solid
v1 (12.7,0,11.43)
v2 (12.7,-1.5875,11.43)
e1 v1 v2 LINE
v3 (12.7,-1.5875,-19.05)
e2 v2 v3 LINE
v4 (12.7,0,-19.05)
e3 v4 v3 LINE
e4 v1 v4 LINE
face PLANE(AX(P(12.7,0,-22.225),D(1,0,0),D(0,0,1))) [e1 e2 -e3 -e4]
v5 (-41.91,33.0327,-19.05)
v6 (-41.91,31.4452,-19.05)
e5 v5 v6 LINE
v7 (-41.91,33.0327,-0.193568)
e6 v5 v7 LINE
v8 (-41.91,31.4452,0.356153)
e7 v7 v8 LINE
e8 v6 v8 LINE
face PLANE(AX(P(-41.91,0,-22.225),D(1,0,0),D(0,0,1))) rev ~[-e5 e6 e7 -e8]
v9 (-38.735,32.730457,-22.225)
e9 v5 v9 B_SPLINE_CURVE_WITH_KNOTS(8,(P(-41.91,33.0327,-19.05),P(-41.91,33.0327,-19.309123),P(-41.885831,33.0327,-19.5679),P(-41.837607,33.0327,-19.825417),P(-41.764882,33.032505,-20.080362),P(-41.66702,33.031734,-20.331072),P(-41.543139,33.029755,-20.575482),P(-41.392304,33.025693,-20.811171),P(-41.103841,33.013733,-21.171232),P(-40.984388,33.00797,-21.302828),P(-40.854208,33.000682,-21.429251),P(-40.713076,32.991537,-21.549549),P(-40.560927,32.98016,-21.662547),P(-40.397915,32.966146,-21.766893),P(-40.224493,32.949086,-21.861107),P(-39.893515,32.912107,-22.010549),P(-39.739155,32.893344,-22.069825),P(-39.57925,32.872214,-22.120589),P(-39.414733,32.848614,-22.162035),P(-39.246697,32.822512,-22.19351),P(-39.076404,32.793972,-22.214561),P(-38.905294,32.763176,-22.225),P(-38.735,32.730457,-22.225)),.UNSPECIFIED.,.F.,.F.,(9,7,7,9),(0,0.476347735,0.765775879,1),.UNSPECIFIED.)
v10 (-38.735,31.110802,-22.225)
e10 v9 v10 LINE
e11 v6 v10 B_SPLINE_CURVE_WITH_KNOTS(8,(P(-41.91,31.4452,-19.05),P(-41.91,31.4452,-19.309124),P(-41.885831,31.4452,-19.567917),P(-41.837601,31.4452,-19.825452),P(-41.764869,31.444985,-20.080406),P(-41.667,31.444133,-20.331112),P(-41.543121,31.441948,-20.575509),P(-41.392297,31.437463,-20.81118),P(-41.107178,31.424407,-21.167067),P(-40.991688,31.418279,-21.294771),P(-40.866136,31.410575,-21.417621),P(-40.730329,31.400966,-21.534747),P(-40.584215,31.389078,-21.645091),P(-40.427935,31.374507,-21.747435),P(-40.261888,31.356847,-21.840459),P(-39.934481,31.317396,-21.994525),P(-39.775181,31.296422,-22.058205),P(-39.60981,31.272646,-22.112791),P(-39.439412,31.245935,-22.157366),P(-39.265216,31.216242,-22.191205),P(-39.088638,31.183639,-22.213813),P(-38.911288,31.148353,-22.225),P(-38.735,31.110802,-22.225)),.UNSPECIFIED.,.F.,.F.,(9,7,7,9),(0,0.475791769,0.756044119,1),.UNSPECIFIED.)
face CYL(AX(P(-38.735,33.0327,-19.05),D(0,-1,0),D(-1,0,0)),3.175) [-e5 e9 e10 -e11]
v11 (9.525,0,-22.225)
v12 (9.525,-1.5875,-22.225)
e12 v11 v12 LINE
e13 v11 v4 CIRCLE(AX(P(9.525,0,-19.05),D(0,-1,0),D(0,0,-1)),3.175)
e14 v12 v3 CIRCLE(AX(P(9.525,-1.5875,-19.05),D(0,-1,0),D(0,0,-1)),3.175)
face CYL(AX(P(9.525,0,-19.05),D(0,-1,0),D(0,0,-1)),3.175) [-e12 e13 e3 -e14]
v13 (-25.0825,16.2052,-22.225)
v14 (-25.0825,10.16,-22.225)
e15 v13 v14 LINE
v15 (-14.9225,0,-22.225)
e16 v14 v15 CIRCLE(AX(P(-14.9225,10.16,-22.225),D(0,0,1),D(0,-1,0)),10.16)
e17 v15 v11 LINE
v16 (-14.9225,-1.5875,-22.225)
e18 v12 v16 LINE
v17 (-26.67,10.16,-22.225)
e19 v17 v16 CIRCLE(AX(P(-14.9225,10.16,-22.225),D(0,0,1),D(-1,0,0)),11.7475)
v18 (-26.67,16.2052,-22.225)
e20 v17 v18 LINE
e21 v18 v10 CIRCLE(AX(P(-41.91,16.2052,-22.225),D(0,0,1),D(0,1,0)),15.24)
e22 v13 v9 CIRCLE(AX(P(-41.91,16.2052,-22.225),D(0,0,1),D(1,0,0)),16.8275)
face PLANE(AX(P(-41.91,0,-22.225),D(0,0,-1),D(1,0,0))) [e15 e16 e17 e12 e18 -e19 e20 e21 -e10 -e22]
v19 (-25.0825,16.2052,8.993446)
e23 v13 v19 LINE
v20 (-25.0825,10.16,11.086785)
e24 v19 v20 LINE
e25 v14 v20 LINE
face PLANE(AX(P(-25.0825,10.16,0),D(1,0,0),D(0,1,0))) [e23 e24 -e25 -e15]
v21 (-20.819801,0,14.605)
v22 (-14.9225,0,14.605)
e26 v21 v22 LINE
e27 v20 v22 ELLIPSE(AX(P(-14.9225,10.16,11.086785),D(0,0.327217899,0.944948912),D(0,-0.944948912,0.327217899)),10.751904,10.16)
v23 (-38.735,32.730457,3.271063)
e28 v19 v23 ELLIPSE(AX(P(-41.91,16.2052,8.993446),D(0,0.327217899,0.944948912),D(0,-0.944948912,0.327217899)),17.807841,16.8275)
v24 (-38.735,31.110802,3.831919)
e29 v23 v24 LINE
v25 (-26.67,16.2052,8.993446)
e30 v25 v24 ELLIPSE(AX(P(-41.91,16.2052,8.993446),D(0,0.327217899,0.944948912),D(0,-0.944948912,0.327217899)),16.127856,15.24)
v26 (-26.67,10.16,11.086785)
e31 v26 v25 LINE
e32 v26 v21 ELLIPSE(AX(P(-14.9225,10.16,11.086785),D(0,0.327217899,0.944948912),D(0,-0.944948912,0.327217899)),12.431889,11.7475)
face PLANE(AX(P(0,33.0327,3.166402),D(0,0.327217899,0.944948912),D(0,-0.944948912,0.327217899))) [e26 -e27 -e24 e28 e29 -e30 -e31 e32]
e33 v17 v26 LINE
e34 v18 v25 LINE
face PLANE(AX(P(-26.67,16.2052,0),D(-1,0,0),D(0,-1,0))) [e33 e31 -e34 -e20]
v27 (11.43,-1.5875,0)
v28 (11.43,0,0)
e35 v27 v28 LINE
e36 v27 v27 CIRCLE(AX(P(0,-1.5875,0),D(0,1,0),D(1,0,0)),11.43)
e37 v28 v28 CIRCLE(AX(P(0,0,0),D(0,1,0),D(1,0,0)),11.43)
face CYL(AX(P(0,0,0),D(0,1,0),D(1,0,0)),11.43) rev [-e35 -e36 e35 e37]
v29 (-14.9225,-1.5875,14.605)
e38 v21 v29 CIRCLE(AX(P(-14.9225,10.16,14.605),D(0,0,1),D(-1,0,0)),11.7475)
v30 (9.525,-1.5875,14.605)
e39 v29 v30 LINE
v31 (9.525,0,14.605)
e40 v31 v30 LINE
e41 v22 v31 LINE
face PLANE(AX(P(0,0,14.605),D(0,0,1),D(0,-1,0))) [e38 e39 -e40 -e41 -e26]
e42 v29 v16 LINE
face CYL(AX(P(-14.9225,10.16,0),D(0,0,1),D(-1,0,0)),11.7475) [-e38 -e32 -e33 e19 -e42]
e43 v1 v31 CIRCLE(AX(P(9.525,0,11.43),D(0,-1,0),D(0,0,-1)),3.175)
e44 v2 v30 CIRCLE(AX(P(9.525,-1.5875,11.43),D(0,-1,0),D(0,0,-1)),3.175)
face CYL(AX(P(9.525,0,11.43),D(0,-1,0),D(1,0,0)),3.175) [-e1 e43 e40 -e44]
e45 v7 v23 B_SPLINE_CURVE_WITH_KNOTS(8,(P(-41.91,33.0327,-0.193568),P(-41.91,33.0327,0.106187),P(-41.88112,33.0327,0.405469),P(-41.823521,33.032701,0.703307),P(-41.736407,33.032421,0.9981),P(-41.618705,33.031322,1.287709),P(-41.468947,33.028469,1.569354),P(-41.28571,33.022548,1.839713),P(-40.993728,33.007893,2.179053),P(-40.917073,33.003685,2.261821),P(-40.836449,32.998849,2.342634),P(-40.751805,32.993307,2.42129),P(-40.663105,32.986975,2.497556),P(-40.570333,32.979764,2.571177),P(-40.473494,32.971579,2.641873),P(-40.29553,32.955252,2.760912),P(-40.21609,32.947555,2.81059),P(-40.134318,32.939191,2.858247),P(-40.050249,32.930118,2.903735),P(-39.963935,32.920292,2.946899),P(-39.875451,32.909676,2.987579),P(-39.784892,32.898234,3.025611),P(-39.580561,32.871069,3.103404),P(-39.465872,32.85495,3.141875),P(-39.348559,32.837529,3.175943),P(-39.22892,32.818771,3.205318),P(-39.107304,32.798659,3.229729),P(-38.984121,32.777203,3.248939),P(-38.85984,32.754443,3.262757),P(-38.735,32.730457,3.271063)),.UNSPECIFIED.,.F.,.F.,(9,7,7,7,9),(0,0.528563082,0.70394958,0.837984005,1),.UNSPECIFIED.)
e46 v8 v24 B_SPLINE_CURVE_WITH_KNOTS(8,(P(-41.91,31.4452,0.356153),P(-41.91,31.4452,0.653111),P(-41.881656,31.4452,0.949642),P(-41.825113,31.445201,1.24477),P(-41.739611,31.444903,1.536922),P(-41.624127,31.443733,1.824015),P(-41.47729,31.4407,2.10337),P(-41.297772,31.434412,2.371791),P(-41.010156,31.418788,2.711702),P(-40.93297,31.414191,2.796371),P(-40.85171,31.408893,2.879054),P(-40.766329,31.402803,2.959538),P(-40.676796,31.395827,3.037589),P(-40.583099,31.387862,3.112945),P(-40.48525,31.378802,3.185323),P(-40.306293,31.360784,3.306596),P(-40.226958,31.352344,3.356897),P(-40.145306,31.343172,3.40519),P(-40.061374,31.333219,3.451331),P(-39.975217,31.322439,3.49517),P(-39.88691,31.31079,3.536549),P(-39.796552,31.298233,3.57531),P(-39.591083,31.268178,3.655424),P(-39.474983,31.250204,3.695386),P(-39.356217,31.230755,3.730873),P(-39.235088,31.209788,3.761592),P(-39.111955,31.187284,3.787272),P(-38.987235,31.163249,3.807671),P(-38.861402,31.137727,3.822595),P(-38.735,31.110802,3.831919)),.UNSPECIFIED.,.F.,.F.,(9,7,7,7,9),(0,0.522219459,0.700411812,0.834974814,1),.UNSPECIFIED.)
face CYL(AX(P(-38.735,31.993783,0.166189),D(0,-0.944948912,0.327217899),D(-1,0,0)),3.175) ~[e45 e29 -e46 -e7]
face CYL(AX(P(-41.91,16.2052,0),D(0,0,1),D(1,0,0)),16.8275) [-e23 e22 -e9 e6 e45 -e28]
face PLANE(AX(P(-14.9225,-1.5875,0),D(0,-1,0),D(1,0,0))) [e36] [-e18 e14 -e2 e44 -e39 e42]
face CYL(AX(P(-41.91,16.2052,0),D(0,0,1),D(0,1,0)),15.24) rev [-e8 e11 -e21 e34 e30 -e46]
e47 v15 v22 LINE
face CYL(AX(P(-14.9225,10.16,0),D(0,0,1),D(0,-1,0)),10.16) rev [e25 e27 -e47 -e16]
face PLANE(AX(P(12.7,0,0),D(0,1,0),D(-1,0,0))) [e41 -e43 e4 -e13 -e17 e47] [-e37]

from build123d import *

# Parameters (mm, degrees)
F0_W     = 54.61
F0_H     = 76.2
F0_R     = 11.43
F1_DEPTH = 76.2
F3_DEPTH = 88.9
F5_DEPTH = 101.6
F6_R     = 3.175


with BuildPart() as f1:
    # F0 (on Front) → F1 (new body, symmetric)
    with BuildSketch(Plane.XZ):
        with Locations((-14.605, 15.875)):
            Rectangle(F0_W, F0_H)
        Circle(F0_R, mode=Mode.SUBTRACT)
    extrude(amount=F1_DEPTH, both=True)

    # F2 (on Top) → F3 (intersect, symmetric)
    with BuildSketch(Plane.XY):
        with BuildLine():
            Line((12.7, 0), (-14.9225, 0))
            ThreePointArc((-14.9225, 0), (-22.1067048969, 2.9757951031), (-25.0825, 10.16))
            Line((-25.0825, 10.16), (-25.0825, 16.2052))
            ThreePointArc((-25.0825, 16.2052), (-30.0111606396, 28.1040393604), (-41.91, 33.0327))
            Line((-41.91, 33.0327), (-67.31, 33.0327))
            Line((-67.31, 33.0327), (-67.31, 31.4452))
            Line((-67.31, 31.4452), (-41.91, 31.4452))
            ThreePointArc((-41.91, 31.4452), (-31.1336926547, 26.9815073453), (-26.67, 16.2052))
            Line((-26.67, 16.2052), (-26.67, 10.16))
            ThreePointArc((-26.67, 10.16), (-23.229236912, 1.853263088), (-14.9225, -1.5875))
            Line((-14.9225, -1.5875), (12.7, -1.5875))
            Line((12.7, -1.5875), (12.7, 0))
        make_face()
    extrude(amount=F3_DEPTH, both=True, mode=Mode.INTERSECT)

    # F4 (on Right) → F5 (intersect, symmetric)
    with BuildSketch(Plane.YZ):
        Polygon((33.0327, 3.1664020477), (0, 14.605), (-1.5875, 14.605), (-1.5875, -22.225), (33.0327, -22.225), align=None)
    extrude(amount=F5_DEPTH, both=True, mode=Mode.INTERSECT)

    # F6
    f6_edges = [f1.edges().sort_by_distance(p)[0] for p in [
        (12.7, -0.79375, 14.605),
        (12.7, -0.79375, -22.225),
        (-41.91, 32.23895, 3.441263),
        (-41.91, 32.23895, -22.225),
    ]]
    fillet(f6_edges, radius=F6_R)


solid = f1.part
